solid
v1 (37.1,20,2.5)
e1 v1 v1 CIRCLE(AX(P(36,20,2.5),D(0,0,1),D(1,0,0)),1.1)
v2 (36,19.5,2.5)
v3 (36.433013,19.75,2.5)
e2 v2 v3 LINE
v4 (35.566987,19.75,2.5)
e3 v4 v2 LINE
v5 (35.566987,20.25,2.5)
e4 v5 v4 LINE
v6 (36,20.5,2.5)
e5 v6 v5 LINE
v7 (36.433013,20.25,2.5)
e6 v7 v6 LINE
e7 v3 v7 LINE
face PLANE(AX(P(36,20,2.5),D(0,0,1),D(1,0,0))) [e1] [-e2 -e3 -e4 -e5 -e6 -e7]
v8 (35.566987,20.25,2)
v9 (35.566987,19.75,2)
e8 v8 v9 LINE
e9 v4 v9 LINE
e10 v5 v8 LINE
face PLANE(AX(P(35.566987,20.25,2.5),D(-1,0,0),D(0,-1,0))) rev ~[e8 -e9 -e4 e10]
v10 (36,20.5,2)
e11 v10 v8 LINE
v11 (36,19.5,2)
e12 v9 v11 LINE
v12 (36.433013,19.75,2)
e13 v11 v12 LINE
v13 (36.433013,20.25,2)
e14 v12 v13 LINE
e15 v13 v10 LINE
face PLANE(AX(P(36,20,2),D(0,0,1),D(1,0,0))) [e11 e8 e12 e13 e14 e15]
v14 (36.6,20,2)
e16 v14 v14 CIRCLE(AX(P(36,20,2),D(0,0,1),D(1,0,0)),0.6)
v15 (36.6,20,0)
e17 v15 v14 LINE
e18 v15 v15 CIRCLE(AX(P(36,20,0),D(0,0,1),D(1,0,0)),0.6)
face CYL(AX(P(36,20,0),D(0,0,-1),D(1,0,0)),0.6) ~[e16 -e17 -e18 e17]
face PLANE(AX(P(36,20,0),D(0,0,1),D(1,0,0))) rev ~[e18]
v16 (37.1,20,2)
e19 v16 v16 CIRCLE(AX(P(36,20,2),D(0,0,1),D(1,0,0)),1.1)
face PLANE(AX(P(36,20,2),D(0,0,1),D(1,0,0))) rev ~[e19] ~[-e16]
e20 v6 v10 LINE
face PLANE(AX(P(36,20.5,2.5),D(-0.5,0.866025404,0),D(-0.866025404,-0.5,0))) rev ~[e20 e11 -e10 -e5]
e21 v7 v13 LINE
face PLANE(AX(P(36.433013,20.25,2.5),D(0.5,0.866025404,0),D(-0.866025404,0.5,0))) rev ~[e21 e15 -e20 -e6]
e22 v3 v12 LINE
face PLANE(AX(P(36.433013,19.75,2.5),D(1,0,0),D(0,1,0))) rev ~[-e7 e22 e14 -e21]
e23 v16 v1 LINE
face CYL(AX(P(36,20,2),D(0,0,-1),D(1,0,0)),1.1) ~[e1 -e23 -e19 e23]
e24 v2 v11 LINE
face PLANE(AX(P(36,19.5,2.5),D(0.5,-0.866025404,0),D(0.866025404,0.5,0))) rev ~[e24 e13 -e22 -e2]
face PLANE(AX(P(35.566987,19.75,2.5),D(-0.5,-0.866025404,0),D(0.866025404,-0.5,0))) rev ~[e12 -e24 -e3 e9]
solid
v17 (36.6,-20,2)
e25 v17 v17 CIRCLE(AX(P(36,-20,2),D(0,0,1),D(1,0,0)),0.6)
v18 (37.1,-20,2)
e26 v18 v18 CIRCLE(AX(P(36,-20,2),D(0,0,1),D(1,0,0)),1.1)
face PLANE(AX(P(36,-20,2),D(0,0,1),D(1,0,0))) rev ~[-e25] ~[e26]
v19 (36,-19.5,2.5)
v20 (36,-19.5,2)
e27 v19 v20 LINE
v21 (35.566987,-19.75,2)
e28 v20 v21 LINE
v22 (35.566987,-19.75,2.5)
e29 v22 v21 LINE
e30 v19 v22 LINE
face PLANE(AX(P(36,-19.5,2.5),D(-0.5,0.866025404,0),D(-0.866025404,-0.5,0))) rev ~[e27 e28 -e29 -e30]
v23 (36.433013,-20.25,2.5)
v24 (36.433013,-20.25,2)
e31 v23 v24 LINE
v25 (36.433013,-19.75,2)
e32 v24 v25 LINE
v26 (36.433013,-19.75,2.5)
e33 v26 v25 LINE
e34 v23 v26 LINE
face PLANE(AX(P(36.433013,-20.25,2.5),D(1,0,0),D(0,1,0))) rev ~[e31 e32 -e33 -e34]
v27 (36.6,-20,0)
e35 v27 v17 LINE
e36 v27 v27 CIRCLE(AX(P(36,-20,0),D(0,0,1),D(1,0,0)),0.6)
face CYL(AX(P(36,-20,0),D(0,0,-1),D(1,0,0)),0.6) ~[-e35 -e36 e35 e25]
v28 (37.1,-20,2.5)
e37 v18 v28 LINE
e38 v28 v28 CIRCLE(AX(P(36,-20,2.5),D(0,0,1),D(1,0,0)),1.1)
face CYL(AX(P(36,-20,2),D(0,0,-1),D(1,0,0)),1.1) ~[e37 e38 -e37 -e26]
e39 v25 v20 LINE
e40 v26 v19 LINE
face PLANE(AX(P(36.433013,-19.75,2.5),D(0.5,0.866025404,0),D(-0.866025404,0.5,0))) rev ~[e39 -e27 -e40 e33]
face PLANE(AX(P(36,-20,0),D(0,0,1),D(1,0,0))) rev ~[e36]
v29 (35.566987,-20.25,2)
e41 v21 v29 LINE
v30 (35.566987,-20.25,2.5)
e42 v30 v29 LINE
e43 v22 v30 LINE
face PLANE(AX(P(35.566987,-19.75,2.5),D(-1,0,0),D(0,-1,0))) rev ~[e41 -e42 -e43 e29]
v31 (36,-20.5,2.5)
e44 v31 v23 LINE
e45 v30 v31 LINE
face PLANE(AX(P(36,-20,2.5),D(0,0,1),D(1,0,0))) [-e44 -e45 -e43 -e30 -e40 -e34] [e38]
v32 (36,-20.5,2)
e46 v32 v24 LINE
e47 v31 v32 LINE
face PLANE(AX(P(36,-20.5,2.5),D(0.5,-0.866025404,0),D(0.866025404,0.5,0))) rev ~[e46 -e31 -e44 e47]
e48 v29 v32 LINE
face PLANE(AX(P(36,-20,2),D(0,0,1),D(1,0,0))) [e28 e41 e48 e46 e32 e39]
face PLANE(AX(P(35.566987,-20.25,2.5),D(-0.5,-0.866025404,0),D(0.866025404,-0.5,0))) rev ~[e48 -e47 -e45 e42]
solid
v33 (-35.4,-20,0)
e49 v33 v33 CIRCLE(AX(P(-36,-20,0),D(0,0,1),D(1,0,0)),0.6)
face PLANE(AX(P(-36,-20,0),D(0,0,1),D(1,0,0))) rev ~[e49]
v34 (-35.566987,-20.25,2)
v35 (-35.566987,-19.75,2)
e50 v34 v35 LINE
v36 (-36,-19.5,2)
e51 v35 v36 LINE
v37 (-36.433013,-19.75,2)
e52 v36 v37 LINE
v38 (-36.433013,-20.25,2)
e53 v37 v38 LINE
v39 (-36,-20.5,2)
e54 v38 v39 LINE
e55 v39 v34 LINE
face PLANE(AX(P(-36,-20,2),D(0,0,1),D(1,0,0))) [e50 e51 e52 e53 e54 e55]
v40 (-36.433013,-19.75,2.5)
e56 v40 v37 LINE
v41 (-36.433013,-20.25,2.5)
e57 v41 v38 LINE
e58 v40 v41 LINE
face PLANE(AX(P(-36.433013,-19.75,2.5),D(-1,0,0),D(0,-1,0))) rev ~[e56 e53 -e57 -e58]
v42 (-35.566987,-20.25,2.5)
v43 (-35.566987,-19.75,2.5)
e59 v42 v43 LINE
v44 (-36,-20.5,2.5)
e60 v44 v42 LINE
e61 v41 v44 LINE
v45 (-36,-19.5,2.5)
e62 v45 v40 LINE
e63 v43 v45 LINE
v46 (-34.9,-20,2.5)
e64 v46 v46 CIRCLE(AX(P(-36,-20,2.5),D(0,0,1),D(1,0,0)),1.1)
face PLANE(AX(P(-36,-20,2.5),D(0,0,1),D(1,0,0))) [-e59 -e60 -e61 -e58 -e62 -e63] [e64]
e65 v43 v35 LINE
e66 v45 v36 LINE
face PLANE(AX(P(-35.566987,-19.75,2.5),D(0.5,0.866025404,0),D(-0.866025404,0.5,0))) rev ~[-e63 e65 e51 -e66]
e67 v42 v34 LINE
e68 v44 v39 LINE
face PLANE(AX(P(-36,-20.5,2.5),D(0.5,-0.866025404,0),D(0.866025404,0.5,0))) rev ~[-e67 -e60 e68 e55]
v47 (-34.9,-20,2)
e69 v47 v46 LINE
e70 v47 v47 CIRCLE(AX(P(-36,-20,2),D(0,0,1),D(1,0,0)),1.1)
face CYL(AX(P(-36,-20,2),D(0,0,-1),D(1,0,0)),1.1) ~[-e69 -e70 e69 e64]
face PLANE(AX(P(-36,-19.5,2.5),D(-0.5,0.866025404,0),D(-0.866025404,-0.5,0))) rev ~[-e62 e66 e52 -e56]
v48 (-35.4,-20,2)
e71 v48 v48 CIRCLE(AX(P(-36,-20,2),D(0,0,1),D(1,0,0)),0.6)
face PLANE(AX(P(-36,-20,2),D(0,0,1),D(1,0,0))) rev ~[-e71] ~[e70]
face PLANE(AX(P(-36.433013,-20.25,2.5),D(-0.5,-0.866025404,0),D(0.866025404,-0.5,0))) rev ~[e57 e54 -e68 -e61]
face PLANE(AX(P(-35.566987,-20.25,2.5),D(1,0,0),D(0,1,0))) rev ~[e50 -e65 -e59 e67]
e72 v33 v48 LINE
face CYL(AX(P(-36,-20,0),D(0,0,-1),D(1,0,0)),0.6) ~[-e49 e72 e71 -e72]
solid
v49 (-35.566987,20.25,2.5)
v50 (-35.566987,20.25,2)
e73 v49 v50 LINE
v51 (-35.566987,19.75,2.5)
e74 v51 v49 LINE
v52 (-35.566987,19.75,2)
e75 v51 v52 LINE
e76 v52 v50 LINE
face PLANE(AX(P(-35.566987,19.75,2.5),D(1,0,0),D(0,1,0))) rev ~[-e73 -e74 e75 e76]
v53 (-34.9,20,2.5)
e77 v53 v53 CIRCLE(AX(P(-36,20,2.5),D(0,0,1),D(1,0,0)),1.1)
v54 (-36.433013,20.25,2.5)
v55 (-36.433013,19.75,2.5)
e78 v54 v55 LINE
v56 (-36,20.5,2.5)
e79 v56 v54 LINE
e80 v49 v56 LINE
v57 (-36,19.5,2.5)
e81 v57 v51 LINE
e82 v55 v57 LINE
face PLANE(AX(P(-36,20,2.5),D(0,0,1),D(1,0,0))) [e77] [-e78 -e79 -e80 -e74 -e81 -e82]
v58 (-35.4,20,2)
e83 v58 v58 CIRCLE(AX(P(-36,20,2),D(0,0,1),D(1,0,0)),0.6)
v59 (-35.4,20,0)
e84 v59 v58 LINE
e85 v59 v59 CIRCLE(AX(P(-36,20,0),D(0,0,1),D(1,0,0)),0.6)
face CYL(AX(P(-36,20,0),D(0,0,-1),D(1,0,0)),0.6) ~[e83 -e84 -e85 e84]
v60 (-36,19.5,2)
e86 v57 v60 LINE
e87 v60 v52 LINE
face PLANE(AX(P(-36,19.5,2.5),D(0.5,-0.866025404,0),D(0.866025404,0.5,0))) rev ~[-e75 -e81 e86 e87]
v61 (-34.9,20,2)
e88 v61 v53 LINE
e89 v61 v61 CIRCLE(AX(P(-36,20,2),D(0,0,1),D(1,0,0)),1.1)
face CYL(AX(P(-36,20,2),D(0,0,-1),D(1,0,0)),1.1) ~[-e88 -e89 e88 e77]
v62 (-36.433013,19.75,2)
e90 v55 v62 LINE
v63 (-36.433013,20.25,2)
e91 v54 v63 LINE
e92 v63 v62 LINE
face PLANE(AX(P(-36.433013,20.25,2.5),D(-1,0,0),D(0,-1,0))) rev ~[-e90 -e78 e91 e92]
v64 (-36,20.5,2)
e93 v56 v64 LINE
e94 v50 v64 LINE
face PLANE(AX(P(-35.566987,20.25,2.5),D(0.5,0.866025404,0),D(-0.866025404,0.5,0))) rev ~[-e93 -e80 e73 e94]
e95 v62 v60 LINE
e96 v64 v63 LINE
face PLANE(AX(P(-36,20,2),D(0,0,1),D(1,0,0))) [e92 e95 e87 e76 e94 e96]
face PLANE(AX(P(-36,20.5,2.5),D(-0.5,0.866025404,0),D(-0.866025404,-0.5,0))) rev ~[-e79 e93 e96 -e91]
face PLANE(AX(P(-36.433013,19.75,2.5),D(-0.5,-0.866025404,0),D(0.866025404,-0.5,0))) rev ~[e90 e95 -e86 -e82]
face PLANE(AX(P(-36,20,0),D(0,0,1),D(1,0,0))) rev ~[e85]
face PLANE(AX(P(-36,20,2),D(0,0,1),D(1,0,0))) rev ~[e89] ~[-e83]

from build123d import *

# Parameters (mm, degrees)
SKETCH_1_R          = 0.6
EXTRUDE_1_DEPTH     = 2
EXTRUDE_1_2_DEPTH   = 2
EXTRUDE_1_3_DEPTH   = 2
EXTRUDE_1_4_DEPTH   = 2
SKETCH_2_R          = 1.1
EXTRUDE_2_DEPTH     = 0.5
CUT_EXTRUDE_1_DEPTH = 0.5


with BuildPart() as part:
    # Эскиз1 → Бобышка-Вытянуть1 (new body)
    with BuildSketch(Plane.XY):
        with Locations((-36, 20)):
            Circle(SKETCH_1_R)
    extrude(amount=EXTRUDE_1_DEPTH)



with BuildPart() as body_2:
    # Эскиз1 → Extrude 1 2 (new body)
    with BuildSketch(Plane.XY):
        with Locations((36, 20)):
            Circle(SKETCH_1_R)
    extrude(amount=EXTRUDE_1_2_DEPTH)


with BuildPart() as body_3:
    # Эскиз1 → Extrude 1 3 (new body)
    with BuildSketch(Plane.XY):
        with Locations((36, -20)):
            Circle(SKETCH_1_R)
    extrude(amount=EXTRUDE_1_3_DEPTH)


with BuildPart() as body_4:
    # Эскиз1 → Extrude 1 4 (new body)
    with BuildSketch(Plane.XY):
        with Locations((-36, -20)):
            Circle(SKETCH_1_R)
    extrude(amount=EXTRUDE_1_4_DEPTH)


with BuildPart() as part_1:
    add(part.part)

    add(body_2.part)  # Бобышка-Вытянуть2 merges body 2

    add(body_3.part)  # Бобышка-Вытянуть2 merges body 3

    add(body_4.part)  # Бобышка-Вытянуть2 merges body 4
    # Эскиз2 → Бобышка-Вытянуть2 (add)
    with BuildSketch(Plane.XY.offset(2)):
        with Locations((-36, 20)):
            Circle(SKETCH_2_R)
        with Locations((36, 20)):
            Circle(SKETCH_2_R)
        with Locations((36, -20)):
            Circle(SKETCH_2_R)
        with Locations((-36, -20)):
            Circle(SKETCH_2_R)
    extrude(amount=EXTRUDE_2_DEPTH)

    # Эскиз3 → Вырез-Вытянуть1 (cut)
    with BuildSketch(Plane.XY.offset(2.5)):
        Polygon((36.433012702, -20.25), (36.433012702, -19.75), (36, -19.5), (35.566987298, -19.75), (35.566987298, -20.25), (36, -20.5), align=None)
        Polygon((36.433012702, 19.75), (36.433012702, 20.25), (36, 20.5), (35.566987298, 20.25), (35.566987298, 19.75), (36, 19.5), align=None)
        Polygon((-35.566987298, 19.75), (-35.566987298, 20.25), (-36, 20.5), (-36.433012702, 20.25), (-36.433012702, 19.75), (-36, 19.5), align=None)
        Polygon((-35.566987298, -20.25), (-35.566987298, -19.75), (-36, -19.5), (-36.433012702, -19.75), (-36.433012702, -20.25), (-36, -20.5), align=None)
    extrude(amount=-CUT_EXTRUDE_1_DEPTH, mode=Mode.SUBTRACT)


solid = part_1.part
